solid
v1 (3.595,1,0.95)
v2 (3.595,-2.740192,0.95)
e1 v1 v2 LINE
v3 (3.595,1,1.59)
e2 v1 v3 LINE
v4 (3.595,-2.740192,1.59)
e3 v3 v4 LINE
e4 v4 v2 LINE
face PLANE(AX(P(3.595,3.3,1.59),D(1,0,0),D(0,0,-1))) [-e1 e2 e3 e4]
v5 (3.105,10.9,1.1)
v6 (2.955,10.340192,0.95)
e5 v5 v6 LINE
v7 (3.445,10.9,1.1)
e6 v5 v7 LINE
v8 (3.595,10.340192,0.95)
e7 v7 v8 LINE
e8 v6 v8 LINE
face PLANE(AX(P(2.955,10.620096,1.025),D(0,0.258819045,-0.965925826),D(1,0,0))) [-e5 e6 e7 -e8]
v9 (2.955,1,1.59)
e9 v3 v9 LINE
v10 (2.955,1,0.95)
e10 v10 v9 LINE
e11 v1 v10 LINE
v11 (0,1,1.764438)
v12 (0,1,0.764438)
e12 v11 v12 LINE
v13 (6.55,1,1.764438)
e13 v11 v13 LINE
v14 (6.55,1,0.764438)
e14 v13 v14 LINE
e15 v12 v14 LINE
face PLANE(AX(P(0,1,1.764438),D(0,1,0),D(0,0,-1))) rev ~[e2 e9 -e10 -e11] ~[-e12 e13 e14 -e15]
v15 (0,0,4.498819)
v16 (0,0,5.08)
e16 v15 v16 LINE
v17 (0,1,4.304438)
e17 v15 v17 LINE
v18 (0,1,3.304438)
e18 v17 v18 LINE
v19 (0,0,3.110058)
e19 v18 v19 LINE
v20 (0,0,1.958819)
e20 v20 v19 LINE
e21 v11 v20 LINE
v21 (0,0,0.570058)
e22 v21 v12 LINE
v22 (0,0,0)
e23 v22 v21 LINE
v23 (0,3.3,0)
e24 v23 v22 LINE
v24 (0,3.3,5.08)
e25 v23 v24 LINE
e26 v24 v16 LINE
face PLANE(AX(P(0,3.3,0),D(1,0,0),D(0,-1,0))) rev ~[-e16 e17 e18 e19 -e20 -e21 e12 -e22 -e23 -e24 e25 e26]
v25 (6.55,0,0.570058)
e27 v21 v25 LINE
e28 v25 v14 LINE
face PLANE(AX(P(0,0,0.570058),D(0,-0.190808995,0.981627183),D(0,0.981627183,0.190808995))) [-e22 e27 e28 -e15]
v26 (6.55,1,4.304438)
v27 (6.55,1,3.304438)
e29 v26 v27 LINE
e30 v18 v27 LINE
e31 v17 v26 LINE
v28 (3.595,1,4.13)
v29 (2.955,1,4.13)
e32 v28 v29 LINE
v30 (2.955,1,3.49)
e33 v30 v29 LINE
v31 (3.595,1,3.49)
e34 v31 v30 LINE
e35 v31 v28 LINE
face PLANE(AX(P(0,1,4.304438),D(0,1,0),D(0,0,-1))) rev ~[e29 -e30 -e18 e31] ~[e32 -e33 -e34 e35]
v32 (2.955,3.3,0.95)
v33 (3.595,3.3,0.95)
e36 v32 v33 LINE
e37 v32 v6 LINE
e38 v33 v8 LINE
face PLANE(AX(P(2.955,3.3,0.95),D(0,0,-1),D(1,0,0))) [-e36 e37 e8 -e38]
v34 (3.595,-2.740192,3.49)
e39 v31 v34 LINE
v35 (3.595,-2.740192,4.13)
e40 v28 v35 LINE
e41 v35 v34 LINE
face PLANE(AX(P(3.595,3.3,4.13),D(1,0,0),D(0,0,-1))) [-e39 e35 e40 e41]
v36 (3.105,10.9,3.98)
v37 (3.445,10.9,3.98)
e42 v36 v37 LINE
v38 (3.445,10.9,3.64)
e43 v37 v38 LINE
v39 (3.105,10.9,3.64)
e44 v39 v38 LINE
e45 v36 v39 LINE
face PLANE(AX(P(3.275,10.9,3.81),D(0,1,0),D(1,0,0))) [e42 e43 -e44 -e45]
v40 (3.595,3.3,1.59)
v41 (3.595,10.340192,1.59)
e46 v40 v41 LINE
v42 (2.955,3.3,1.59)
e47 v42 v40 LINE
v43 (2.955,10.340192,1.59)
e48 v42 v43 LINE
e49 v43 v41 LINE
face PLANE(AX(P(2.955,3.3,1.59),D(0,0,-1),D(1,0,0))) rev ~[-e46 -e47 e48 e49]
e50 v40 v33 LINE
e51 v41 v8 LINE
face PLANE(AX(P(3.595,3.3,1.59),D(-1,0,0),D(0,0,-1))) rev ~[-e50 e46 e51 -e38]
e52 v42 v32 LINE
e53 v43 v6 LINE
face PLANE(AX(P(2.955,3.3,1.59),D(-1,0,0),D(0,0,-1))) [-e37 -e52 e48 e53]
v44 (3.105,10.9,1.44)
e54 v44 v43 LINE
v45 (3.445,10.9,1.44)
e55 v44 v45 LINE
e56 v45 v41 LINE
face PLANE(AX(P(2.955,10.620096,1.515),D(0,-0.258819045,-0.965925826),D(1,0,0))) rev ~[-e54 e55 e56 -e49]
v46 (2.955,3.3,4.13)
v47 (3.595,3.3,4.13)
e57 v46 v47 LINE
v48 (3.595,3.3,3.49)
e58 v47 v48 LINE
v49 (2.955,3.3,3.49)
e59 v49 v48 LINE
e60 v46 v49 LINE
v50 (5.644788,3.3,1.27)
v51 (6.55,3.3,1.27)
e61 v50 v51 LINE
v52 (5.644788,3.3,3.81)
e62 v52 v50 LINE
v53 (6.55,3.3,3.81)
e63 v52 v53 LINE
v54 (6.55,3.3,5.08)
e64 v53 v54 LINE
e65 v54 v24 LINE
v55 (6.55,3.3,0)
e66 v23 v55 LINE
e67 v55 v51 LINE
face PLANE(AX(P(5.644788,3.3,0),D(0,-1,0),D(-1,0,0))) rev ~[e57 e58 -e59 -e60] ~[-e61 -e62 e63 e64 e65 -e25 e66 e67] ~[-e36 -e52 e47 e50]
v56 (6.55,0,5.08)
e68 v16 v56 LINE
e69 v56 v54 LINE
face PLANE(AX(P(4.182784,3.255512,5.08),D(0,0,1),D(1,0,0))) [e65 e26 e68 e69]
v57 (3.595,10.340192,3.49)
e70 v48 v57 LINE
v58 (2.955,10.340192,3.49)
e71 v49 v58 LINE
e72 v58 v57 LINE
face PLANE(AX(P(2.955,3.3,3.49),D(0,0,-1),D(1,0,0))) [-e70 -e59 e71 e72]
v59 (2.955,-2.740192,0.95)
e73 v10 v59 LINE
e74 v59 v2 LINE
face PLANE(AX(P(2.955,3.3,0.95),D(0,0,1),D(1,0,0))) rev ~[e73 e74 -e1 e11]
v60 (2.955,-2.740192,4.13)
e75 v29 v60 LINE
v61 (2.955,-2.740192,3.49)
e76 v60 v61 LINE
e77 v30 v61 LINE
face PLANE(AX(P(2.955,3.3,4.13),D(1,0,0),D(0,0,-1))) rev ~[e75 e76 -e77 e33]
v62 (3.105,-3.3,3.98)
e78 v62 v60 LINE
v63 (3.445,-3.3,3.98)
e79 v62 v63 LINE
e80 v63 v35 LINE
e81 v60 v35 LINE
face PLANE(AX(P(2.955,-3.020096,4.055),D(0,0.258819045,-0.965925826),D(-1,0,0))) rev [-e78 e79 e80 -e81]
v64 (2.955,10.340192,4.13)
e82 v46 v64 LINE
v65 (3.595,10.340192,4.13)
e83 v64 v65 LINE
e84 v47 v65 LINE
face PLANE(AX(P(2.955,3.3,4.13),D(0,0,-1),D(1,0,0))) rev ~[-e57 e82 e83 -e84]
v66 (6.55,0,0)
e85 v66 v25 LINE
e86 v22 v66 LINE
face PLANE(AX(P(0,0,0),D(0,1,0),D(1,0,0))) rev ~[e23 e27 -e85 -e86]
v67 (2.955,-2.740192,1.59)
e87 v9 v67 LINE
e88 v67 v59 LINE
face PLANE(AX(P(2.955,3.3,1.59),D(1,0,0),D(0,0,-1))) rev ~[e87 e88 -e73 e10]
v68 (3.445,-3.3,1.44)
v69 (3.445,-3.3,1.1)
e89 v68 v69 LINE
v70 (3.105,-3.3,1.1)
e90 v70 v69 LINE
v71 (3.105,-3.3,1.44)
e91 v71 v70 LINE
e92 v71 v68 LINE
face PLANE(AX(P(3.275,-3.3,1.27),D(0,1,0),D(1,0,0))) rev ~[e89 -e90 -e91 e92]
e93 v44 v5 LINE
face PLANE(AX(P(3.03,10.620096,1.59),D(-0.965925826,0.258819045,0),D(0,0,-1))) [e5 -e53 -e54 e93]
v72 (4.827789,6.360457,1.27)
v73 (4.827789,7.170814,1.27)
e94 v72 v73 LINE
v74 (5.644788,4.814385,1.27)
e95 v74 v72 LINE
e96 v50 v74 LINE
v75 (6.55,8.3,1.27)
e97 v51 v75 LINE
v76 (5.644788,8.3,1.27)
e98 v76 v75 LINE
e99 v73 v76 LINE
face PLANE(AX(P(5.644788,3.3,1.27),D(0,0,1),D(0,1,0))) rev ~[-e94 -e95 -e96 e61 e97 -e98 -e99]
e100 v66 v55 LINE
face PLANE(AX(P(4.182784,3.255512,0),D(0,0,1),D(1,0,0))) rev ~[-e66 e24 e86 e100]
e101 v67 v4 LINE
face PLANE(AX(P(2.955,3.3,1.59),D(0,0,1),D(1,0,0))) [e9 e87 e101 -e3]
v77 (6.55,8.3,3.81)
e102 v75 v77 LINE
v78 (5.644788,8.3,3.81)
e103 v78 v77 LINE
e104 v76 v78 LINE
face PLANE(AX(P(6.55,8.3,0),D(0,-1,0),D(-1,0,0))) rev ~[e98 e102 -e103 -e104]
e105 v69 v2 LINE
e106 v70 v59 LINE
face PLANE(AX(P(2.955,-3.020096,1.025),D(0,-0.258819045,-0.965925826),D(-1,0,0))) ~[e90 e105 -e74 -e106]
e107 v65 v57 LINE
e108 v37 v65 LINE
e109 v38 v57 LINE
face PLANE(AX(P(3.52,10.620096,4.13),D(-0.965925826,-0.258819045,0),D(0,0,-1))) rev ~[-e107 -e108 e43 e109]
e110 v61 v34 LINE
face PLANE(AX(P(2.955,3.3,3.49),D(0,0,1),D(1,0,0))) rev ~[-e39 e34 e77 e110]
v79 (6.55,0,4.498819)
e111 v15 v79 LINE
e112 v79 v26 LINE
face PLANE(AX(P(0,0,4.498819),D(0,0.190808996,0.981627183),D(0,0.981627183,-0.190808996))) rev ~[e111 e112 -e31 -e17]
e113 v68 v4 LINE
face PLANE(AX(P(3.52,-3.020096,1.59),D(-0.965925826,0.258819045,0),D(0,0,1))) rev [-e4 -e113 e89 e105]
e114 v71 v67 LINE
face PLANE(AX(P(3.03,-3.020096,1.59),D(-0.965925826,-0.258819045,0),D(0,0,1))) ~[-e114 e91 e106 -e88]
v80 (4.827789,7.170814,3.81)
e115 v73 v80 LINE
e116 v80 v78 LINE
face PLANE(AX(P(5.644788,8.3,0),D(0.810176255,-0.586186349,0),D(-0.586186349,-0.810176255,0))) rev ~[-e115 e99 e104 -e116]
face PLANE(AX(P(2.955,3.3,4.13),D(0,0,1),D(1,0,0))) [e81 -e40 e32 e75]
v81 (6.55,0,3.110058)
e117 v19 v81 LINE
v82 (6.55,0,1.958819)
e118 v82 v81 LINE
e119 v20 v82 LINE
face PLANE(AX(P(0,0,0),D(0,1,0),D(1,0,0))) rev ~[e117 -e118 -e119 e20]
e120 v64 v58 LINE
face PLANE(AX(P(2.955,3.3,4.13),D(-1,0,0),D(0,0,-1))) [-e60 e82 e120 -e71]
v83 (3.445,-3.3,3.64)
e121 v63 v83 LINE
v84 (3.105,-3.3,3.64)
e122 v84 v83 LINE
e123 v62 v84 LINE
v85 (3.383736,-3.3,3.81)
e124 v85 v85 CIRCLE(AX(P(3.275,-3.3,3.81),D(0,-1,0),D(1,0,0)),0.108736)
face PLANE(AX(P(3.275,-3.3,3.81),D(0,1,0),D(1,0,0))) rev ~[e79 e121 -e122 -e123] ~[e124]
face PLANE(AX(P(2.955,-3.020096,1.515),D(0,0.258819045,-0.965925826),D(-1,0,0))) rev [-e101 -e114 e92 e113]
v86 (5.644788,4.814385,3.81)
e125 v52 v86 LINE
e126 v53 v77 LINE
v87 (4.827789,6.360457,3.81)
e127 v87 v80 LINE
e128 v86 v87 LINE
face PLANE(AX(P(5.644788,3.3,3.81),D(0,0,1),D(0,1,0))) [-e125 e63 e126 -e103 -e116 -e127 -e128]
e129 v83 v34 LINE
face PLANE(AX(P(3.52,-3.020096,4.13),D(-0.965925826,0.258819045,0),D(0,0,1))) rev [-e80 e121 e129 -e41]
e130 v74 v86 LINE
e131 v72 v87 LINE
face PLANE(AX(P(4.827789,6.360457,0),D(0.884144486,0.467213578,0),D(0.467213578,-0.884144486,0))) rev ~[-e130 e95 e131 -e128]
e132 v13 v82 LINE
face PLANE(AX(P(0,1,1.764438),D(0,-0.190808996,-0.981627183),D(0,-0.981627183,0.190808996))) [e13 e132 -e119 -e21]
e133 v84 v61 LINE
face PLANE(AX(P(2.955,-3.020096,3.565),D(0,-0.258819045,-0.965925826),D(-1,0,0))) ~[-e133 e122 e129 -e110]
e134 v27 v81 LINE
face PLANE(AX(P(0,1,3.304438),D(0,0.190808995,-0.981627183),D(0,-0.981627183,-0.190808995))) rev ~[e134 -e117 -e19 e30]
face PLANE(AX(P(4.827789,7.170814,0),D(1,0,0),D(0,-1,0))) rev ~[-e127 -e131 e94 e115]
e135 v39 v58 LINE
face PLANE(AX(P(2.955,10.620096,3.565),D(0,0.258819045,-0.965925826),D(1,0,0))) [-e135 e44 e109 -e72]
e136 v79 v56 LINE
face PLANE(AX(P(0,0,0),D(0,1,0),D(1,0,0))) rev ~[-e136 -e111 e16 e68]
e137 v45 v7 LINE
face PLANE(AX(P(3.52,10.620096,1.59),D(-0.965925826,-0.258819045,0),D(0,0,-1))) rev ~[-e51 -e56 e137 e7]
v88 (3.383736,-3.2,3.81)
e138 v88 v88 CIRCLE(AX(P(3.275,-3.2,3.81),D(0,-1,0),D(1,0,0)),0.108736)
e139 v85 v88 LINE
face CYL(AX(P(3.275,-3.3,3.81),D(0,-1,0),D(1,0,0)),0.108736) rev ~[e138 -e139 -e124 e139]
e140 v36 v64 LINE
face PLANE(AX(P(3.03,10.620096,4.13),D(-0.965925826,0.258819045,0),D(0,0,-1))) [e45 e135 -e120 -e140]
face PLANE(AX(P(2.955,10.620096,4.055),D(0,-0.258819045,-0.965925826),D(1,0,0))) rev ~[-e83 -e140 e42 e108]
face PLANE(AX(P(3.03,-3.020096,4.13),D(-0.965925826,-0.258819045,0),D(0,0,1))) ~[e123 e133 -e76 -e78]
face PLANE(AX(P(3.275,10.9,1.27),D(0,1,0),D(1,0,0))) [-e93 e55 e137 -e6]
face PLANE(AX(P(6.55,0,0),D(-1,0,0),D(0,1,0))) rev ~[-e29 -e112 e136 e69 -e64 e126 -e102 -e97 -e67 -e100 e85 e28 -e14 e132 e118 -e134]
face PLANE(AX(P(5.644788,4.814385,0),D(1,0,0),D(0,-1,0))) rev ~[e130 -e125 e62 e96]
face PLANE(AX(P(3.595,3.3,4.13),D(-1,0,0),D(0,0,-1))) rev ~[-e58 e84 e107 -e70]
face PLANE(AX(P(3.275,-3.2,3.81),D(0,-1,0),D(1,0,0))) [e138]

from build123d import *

# Parameters (mm, degrees)
SALIENTE_EXTRUIR1_DEPTH      = 5.08
CROQUIS2_W                   = 1.27
CROQUIS2_H                   = 5
CORTAR_EXTRUIR1_DEPTH        = 5.08
CORTAR_EXTRUIR1_DEPTH_BACK   = 5.08
CROQUIS4_W                   = 0.64
CROQUIS4_H                   = 0.64
CORTAR_EXTRUIR2_DEPTH        = 5.08
CORTAR_EXTRUIR3_DEPTH        = 15.08
CROQUIS6_W                   = 0.64
CROQUIS6_H                   = 0.64
SALIENTE_EXTRUIR2_DEPTH      = 7.6
SALIENTE_EXTRUIR2_DEPTH_BACK = 6.6
CHAFL_N1_SIZE                = 0.15
CHAFL_N1_SIZE2               = 0.559807621
CHAFL_N1_PART_2_SIZE         = 0.15
CHAFL_N1_PART_2_SIZE2        = 0.559807621
CHAFL_N2_SIZE                = 0.15
CHAFL_N2_SIZE2               = 0.559807621
CHAFL_N2_PART_2_SIZE         = 0.15
CHAFL_N2_PART_2_SIZE2        = 0.559807621
CROQUIS7_R                   = 0.108736381
CORTAR_EXTRUIR4_DEPTH        = 0.1


with BuildPart() as part:
    # Croquis1 → Saliente-Extruir1 (new body)
    with BuildSketch(Plane.XY):
        Polygon((0, 0), (6.55, 0), (6.55, 8.3), (5.64478846, 8.3), (4.827789026, 7.170813791), (4.827789026, 6.360456628), (5.64478846, 4.814385239), (5.64478846, 3.3), (0, 3.3), align=None)
    extrude(amount=SALIENTE_EXTRUIR1_DEPTH)

    # Croquis2 → Cortar-Extruir1 (cut, two sides)
    with BuildSketch(Plane.ZY.offset(-5.64478846)) as cortar_extruir1_sk:
        with Locations((0.635, 5.8)):
            Rectangle(CROQUIS2_W, CROQUIS2_H)
        with Locations((4.445, 5.8)):
            Rectangle(CROQUIS2_W, CROQUIS2_H)
    extrude(amount=CORTAR_EXTRUIR1_DEPTH, mode=Mode.SUBTRACT)
    extrude(cortar_extruir1_sk.sketch, amount=-CORTAR_EXTRUIR1_DEPTH_BACK, mode=Mode.SUBTRACT)

    # Croquis4 → Cortar-Extruir2 (cut)
    with BuildSketch(Plane(origin=(0, 3.3, 0), x_dir=(1, 0, 0), z_dir=(0, 1, 0))):
        with Locations((3.275, -1.27)):
            Rectangle(CROQUIS4_W, CROQUIS4_H)
        with Locations((3.275, -3.81)):
            Rectangle(CROQUIS4_W, CROQUIS4_H)
    extrude(amount=-CORTAR_EXTRUIR2_DEPTH, mode=Mode.SUBTRACT)

    # Croquis5 → Cortar-Extruir3 (cut)
    with BuildSketch(Plane.ZY):
        Polygon((1.264438254, 1), (1.764438254, 1), (1.958818564, 0), (0.570057945, 0), (0.764438254, 1), align=None)
        Polygon((3.304438254, 1), (3.110057945, 0), (4.498818564, 0), (4.304438254, 1), (3.804438254, 1), align=None)
    extrude(amount=-CORTAR_EXTRUIR3_DEPTH, mode=Mode.SUBTRACT)

    # Croquis6 → Saliente-Extruir2 (add, two sides)
    with BuildSketch(Plane(origin=(0, 3.3, 0), x_dir=(1, 0, 0), z_dir=(0, 1, 0))) as saliente_extruir2_sk:
        with Locations((3.275, -1.27)):
            Rectangle(CROQUIS6_W, CROQUIS6_H)
        with Locations((3.275, -3.81)):
            Rectangle(CROQUIS6_W, CROQUIS6_H)
    extrude(amount=SALIENTE_EXTRUIR2_DEPTH)
    extrude(saliente_extruir2_sk.sketch, amount=-SALIENTE_EXTRUIR2_DEPTH_BACK)

    # Chaflán1
    chafl_n1_edges = [part.edges().sort_by_distance(p)[0] for p in [
        (3.595, 10.9, 1.27),
        (3.275, 10.9, 0.95),
        (2.955, 10.9, 1.27),
        (3.275, 10.9, 1.59),
    ]]
    chafl_n1_side = [part.faces().sort_by_distance(p)[0] for p in [
        (3.275, 10.9, 1.27),
    ]]
    chamfer(chafl_n1_edges, length=CHAFL_N1_SIZE, length2=CHAFL_N1_SIZE2, reference=chafl_n1_side[0])

    # Chaflán1 part 2
    chafl_n1_part_2_edges = [part.edges().sort_by_distance(p)[0] for p in [
        (3.595, 10.9, 3.81),
        (3.275, 10.9, 3.49),
        (2.955, 10.9, 3.81),
        (3.275, 10.9, 4.13),
    ]]
    chafl_n1_part_2_side = [part.faces().sort_by_distance(p)[0] for p in [
        (3.275, 10.9, 3.81),
    ]]
    chamfer(chafl_n1_part_2_edges, length=CHAFL_N1_PART_2_SIZE, length2=CHAFL_N1_PART_2_SIZE2, reference=chafl_n1_part_2_side[0])

    # Chaflán2
    chafl_n2_edges = [part.edges().sort_by_distance(p)[0] for p in [
        (3.595, -3.3, 1.27),
        (3.275, -3.3, 1.59),
        (2.955, -3.3, 1.27),
        (3.275, -3.3, 0.95),
    ]]
    chafl_n2_side = [part.faces().sort_by_distance(p)[0] for p in [
        (3.275, -3.3, 1.27),
    ]]
    chamfer(chafl_n2_edges, length=CHAFL_N2_SIZE, length2=CHAFL_N2_SIZE2, reference=chafl_n2_side[0])

    # Chaflán2 part 2
    chafl_n2_part_2_edges = [part.edges().sort_by_distance(p)[0] for p in [
        (3.595, -3.3, 3.81),
        (3.275, -3.3, 4.13),
        (2.955, -3.3, 3.81),
        (3.275, -3.3, 3.49),
    ]]
    chafl_n2_part_2_side = [part.faces().sort_by_distance(p)[0] for p in [
        (3.275, -3.3, 3.81),
    ]]
    chamfer(chafl_n2_part_2_edges, length=CHAFL_N2_PART_2_SIZE, length2=CHAFL_N2_PART_2_SIZE2, reference=chafl_n2_part_2_side[0])

    # Croquis7 → Cortar-Extruir4 (cut)
    with BuildSketch(Plane.XZ.offset(3.3)):
        with Locations((3.275, 3.81)):
            Circle(CROQUIS7_R)
    extrude(amount=-CORTAR_EXTRUIR4_DEPTH, mode=Mode.SUBTRACT)


solid = part.part
